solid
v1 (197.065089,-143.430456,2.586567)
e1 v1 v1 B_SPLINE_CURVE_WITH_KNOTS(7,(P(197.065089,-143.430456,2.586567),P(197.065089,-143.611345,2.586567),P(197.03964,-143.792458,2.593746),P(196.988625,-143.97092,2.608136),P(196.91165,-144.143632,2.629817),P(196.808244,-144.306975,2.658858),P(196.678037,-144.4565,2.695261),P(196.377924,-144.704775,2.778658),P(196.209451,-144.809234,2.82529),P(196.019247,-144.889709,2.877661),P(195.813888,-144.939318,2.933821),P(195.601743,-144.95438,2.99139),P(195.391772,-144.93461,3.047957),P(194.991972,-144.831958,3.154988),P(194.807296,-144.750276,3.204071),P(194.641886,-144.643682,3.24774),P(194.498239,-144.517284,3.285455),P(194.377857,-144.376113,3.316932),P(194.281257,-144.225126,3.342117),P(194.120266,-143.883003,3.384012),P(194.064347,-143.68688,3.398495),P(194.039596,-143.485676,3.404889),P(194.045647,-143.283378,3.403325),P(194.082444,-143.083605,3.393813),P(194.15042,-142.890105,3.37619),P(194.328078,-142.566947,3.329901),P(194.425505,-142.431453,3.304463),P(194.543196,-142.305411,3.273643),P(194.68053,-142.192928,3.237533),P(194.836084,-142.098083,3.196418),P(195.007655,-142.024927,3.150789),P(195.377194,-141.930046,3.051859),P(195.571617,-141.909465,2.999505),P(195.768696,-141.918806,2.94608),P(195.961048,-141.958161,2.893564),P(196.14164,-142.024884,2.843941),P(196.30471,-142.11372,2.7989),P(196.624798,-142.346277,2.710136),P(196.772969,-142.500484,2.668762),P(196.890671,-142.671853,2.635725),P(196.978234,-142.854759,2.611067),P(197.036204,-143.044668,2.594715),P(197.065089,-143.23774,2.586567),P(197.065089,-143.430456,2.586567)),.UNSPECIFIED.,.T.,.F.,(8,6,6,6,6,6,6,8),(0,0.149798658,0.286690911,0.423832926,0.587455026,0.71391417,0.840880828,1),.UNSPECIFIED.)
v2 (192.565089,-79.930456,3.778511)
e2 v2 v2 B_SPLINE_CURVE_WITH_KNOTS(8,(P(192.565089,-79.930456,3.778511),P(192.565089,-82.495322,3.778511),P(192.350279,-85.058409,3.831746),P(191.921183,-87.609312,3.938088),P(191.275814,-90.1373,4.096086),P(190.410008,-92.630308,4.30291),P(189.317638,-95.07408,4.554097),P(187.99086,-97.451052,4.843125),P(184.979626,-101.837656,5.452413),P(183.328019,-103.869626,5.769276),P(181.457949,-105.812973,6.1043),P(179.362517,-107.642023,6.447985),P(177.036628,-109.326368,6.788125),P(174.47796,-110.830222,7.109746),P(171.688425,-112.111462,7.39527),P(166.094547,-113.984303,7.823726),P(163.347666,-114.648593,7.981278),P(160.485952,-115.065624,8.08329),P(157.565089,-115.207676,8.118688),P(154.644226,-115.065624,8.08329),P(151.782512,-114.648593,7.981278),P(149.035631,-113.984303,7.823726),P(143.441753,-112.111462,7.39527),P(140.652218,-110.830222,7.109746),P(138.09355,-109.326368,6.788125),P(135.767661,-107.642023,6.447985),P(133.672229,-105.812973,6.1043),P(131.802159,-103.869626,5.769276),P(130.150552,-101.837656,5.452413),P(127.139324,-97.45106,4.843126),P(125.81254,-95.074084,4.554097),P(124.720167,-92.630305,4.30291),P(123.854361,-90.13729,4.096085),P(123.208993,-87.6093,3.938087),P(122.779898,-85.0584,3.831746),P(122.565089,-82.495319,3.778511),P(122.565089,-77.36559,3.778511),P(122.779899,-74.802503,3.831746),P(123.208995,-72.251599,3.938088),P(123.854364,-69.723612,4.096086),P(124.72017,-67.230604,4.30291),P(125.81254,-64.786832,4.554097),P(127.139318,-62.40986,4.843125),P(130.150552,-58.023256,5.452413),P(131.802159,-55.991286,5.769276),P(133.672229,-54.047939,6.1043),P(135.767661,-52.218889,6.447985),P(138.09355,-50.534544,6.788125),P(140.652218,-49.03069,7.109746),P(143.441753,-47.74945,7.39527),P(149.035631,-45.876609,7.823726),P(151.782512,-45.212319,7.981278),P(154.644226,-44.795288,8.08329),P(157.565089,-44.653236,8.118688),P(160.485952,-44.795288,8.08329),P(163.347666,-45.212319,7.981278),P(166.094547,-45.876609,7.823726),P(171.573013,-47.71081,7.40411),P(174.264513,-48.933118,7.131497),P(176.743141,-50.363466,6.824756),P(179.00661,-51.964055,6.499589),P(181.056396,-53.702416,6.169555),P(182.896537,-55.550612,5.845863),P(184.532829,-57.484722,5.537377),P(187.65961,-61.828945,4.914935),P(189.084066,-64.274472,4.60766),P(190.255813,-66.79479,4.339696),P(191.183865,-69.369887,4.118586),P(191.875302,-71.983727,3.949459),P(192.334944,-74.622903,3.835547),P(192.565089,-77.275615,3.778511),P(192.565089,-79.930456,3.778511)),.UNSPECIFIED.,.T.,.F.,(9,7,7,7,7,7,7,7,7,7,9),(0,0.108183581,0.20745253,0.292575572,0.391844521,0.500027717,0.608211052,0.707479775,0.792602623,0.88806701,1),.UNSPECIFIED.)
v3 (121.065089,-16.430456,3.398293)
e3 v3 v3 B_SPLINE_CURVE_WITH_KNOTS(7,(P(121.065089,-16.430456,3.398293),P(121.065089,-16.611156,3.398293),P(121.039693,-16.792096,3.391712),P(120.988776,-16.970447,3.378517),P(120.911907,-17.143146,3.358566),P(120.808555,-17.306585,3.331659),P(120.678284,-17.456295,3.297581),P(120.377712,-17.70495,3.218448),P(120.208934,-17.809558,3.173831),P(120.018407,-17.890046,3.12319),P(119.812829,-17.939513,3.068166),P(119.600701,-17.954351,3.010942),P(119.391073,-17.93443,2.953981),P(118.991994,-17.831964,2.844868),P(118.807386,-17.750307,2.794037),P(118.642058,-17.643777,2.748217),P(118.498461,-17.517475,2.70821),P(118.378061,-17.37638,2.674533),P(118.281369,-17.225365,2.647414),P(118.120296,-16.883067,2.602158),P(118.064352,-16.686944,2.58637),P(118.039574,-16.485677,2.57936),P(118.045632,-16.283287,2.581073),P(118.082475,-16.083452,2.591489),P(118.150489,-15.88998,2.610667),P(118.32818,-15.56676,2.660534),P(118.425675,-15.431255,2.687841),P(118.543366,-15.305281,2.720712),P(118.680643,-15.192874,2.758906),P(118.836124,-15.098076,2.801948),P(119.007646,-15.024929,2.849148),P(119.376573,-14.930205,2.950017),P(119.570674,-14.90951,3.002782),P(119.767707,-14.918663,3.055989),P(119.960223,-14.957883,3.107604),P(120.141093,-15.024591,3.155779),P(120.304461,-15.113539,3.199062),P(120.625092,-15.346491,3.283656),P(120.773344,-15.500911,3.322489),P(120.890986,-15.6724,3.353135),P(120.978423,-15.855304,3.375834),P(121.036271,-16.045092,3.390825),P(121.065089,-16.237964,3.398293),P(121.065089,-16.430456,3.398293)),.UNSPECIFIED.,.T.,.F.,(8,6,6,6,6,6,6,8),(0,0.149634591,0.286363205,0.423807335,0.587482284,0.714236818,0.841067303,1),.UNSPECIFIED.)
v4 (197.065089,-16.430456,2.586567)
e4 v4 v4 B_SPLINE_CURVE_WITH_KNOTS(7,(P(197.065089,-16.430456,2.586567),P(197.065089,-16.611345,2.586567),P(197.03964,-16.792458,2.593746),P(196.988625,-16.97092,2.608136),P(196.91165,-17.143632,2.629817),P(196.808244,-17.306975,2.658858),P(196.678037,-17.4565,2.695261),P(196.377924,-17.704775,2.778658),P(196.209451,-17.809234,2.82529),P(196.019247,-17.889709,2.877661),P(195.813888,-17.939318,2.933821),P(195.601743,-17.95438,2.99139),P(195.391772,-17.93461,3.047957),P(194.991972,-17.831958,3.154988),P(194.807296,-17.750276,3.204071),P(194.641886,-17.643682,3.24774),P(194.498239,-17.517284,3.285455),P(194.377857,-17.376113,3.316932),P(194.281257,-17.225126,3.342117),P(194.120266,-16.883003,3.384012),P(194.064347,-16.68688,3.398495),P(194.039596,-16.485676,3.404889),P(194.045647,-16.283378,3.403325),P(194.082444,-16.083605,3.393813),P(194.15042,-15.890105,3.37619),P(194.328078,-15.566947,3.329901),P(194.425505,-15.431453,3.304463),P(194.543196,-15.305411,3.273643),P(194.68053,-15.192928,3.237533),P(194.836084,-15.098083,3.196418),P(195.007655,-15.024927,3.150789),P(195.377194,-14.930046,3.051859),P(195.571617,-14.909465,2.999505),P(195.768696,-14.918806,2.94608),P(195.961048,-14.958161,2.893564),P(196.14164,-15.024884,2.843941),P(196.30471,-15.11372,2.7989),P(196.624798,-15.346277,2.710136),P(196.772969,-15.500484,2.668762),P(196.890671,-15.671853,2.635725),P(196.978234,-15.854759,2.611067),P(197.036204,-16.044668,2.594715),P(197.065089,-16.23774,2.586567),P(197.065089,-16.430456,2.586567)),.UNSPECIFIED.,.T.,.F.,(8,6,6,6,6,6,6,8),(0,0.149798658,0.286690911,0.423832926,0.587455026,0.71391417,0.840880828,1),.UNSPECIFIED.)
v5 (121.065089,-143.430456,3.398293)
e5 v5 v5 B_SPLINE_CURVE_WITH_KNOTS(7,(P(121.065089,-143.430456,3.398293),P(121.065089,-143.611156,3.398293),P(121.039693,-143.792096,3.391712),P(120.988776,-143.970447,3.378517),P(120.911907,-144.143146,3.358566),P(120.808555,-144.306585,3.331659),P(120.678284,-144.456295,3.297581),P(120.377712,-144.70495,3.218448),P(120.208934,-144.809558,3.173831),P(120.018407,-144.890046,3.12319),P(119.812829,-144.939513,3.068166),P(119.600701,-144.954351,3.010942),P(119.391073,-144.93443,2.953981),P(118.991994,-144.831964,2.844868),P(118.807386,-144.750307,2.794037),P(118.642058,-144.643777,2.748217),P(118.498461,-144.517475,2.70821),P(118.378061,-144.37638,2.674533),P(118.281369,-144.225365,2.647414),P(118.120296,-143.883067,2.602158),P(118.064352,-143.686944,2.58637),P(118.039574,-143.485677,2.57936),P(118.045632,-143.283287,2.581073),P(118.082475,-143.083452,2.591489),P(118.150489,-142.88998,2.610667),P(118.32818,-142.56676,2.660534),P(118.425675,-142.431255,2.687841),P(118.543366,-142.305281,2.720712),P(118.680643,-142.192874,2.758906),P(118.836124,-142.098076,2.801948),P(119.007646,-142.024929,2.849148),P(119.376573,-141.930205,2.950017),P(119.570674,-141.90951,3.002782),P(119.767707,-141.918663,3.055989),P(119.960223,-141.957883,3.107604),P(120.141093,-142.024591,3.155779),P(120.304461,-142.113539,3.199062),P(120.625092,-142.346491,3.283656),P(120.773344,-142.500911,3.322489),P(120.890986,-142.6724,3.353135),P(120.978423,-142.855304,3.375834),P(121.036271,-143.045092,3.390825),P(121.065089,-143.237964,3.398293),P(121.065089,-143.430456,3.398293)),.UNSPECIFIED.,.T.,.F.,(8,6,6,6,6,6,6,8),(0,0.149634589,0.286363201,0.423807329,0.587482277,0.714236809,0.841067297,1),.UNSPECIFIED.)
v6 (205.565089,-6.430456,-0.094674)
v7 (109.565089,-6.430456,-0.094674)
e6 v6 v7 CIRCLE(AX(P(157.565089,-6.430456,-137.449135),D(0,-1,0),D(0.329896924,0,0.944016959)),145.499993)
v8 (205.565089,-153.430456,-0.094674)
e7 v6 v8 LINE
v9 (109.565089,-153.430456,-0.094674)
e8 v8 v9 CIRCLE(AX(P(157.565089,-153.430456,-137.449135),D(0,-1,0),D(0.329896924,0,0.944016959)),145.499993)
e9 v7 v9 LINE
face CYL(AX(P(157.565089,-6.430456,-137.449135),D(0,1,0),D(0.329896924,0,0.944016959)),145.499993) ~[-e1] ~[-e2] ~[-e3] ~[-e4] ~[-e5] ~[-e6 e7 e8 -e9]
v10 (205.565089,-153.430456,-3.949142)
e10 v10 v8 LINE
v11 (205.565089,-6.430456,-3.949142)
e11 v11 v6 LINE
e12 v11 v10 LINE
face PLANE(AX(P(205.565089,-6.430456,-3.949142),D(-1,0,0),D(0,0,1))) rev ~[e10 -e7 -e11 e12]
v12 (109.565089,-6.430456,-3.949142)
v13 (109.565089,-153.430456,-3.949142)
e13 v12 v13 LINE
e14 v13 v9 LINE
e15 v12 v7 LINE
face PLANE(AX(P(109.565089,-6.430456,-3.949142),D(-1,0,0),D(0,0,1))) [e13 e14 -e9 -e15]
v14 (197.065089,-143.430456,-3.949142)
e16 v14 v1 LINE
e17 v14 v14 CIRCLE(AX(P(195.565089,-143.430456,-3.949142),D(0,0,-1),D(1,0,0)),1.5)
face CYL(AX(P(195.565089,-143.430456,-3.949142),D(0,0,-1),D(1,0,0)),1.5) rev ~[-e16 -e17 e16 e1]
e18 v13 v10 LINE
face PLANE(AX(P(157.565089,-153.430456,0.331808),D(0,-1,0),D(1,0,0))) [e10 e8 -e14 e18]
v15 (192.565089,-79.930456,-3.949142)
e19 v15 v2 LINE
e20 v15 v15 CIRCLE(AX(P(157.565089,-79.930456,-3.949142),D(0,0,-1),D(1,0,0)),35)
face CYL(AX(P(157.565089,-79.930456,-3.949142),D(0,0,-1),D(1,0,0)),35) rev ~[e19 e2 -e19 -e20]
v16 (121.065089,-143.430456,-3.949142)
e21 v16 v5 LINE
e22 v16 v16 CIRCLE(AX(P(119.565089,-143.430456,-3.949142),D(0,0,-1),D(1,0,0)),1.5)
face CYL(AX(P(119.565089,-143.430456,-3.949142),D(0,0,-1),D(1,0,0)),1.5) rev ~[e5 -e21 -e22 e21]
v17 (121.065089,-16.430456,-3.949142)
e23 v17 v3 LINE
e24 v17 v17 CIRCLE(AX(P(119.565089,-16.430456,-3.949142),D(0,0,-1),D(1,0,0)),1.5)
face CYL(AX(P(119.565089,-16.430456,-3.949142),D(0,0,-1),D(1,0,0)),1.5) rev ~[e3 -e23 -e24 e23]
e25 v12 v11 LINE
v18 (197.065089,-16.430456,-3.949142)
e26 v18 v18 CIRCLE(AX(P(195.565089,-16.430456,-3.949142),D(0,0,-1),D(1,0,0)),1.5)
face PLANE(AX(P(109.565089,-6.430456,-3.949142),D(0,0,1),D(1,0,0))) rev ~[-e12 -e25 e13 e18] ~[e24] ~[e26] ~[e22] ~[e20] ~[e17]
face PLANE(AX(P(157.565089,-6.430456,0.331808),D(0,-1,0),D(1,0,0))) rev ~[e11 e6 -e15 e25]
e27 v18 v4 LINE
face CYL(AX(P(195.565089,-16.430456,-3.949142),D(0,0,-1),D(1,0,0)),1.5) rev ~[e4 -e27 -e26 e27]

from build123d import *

# Parameters (mm, degrees)
PAD008_DEPTH    = 147
SKETCH029_R     = 35
POCKET004_DEPTH = 12.001
SKETCH049_R     = 1.5
POCKET013_DEPTH = 12.001


with BuildPart() as part:
    # Sketch028 → Pad008 (new body)
    with BuildSketch(Plane.XZ):
        with BuildLine():
            Line((-327.151421, 0), (-231.151421, 0))
            Line((-231.151421, 0), (-231.151421, 3.854468))
            ThreePointArc((-231.151421, 3.854468), (-279.151421, 12), (-327.151421, 3.854468))
            Line((-327.151421, 0), (-327.151421, 3.854468))
        make_face()
    extrude(amount=PAD008_DEPTH)

    # Sketch029 (on DatumPlane) → Pocket004 (cut, through all)
    with BuildSketch(Plane(origin=(0, 0, 0), x_dir=(1, 0, 0), z_dir=(0, 0, -1))):
        with Locations((-279.151421, 73.5)):
            Circle(SKETCH029_R)
    extrude(amount=-POCKET004_DEPTH, mode=Mode.SUBTRACT)

    # Sketch049 (on Face1 of Pocket004) → Pocket013 (cut, through all)
    with BuildSketch(Plane(origin=(0, 0, 0), x_dir=(1, 0, 0), z_dir=(0, 0, -1))):
        with Locations((-317.151421, 137)):
            Circle(SKETCH049_R)
        with Locations((-241.151421, 137)):
            Circle(SKETCH049_R)
        with Locations((-317.151421, 10)):
            Circle(SKETCH049_R)
        with Locations((-241.151421, 10)):
            Circle(SKETCH049_R)
    extrude(amount=-POCKET013_DEPTH, mode=Mode.SUBTRACT)


with BuildPart() as part_1:
    # Body006 placement: moved
    add(part.part.moved(Location((436.71651, -6.430456, -3.949142))))


solid = part_1.part
